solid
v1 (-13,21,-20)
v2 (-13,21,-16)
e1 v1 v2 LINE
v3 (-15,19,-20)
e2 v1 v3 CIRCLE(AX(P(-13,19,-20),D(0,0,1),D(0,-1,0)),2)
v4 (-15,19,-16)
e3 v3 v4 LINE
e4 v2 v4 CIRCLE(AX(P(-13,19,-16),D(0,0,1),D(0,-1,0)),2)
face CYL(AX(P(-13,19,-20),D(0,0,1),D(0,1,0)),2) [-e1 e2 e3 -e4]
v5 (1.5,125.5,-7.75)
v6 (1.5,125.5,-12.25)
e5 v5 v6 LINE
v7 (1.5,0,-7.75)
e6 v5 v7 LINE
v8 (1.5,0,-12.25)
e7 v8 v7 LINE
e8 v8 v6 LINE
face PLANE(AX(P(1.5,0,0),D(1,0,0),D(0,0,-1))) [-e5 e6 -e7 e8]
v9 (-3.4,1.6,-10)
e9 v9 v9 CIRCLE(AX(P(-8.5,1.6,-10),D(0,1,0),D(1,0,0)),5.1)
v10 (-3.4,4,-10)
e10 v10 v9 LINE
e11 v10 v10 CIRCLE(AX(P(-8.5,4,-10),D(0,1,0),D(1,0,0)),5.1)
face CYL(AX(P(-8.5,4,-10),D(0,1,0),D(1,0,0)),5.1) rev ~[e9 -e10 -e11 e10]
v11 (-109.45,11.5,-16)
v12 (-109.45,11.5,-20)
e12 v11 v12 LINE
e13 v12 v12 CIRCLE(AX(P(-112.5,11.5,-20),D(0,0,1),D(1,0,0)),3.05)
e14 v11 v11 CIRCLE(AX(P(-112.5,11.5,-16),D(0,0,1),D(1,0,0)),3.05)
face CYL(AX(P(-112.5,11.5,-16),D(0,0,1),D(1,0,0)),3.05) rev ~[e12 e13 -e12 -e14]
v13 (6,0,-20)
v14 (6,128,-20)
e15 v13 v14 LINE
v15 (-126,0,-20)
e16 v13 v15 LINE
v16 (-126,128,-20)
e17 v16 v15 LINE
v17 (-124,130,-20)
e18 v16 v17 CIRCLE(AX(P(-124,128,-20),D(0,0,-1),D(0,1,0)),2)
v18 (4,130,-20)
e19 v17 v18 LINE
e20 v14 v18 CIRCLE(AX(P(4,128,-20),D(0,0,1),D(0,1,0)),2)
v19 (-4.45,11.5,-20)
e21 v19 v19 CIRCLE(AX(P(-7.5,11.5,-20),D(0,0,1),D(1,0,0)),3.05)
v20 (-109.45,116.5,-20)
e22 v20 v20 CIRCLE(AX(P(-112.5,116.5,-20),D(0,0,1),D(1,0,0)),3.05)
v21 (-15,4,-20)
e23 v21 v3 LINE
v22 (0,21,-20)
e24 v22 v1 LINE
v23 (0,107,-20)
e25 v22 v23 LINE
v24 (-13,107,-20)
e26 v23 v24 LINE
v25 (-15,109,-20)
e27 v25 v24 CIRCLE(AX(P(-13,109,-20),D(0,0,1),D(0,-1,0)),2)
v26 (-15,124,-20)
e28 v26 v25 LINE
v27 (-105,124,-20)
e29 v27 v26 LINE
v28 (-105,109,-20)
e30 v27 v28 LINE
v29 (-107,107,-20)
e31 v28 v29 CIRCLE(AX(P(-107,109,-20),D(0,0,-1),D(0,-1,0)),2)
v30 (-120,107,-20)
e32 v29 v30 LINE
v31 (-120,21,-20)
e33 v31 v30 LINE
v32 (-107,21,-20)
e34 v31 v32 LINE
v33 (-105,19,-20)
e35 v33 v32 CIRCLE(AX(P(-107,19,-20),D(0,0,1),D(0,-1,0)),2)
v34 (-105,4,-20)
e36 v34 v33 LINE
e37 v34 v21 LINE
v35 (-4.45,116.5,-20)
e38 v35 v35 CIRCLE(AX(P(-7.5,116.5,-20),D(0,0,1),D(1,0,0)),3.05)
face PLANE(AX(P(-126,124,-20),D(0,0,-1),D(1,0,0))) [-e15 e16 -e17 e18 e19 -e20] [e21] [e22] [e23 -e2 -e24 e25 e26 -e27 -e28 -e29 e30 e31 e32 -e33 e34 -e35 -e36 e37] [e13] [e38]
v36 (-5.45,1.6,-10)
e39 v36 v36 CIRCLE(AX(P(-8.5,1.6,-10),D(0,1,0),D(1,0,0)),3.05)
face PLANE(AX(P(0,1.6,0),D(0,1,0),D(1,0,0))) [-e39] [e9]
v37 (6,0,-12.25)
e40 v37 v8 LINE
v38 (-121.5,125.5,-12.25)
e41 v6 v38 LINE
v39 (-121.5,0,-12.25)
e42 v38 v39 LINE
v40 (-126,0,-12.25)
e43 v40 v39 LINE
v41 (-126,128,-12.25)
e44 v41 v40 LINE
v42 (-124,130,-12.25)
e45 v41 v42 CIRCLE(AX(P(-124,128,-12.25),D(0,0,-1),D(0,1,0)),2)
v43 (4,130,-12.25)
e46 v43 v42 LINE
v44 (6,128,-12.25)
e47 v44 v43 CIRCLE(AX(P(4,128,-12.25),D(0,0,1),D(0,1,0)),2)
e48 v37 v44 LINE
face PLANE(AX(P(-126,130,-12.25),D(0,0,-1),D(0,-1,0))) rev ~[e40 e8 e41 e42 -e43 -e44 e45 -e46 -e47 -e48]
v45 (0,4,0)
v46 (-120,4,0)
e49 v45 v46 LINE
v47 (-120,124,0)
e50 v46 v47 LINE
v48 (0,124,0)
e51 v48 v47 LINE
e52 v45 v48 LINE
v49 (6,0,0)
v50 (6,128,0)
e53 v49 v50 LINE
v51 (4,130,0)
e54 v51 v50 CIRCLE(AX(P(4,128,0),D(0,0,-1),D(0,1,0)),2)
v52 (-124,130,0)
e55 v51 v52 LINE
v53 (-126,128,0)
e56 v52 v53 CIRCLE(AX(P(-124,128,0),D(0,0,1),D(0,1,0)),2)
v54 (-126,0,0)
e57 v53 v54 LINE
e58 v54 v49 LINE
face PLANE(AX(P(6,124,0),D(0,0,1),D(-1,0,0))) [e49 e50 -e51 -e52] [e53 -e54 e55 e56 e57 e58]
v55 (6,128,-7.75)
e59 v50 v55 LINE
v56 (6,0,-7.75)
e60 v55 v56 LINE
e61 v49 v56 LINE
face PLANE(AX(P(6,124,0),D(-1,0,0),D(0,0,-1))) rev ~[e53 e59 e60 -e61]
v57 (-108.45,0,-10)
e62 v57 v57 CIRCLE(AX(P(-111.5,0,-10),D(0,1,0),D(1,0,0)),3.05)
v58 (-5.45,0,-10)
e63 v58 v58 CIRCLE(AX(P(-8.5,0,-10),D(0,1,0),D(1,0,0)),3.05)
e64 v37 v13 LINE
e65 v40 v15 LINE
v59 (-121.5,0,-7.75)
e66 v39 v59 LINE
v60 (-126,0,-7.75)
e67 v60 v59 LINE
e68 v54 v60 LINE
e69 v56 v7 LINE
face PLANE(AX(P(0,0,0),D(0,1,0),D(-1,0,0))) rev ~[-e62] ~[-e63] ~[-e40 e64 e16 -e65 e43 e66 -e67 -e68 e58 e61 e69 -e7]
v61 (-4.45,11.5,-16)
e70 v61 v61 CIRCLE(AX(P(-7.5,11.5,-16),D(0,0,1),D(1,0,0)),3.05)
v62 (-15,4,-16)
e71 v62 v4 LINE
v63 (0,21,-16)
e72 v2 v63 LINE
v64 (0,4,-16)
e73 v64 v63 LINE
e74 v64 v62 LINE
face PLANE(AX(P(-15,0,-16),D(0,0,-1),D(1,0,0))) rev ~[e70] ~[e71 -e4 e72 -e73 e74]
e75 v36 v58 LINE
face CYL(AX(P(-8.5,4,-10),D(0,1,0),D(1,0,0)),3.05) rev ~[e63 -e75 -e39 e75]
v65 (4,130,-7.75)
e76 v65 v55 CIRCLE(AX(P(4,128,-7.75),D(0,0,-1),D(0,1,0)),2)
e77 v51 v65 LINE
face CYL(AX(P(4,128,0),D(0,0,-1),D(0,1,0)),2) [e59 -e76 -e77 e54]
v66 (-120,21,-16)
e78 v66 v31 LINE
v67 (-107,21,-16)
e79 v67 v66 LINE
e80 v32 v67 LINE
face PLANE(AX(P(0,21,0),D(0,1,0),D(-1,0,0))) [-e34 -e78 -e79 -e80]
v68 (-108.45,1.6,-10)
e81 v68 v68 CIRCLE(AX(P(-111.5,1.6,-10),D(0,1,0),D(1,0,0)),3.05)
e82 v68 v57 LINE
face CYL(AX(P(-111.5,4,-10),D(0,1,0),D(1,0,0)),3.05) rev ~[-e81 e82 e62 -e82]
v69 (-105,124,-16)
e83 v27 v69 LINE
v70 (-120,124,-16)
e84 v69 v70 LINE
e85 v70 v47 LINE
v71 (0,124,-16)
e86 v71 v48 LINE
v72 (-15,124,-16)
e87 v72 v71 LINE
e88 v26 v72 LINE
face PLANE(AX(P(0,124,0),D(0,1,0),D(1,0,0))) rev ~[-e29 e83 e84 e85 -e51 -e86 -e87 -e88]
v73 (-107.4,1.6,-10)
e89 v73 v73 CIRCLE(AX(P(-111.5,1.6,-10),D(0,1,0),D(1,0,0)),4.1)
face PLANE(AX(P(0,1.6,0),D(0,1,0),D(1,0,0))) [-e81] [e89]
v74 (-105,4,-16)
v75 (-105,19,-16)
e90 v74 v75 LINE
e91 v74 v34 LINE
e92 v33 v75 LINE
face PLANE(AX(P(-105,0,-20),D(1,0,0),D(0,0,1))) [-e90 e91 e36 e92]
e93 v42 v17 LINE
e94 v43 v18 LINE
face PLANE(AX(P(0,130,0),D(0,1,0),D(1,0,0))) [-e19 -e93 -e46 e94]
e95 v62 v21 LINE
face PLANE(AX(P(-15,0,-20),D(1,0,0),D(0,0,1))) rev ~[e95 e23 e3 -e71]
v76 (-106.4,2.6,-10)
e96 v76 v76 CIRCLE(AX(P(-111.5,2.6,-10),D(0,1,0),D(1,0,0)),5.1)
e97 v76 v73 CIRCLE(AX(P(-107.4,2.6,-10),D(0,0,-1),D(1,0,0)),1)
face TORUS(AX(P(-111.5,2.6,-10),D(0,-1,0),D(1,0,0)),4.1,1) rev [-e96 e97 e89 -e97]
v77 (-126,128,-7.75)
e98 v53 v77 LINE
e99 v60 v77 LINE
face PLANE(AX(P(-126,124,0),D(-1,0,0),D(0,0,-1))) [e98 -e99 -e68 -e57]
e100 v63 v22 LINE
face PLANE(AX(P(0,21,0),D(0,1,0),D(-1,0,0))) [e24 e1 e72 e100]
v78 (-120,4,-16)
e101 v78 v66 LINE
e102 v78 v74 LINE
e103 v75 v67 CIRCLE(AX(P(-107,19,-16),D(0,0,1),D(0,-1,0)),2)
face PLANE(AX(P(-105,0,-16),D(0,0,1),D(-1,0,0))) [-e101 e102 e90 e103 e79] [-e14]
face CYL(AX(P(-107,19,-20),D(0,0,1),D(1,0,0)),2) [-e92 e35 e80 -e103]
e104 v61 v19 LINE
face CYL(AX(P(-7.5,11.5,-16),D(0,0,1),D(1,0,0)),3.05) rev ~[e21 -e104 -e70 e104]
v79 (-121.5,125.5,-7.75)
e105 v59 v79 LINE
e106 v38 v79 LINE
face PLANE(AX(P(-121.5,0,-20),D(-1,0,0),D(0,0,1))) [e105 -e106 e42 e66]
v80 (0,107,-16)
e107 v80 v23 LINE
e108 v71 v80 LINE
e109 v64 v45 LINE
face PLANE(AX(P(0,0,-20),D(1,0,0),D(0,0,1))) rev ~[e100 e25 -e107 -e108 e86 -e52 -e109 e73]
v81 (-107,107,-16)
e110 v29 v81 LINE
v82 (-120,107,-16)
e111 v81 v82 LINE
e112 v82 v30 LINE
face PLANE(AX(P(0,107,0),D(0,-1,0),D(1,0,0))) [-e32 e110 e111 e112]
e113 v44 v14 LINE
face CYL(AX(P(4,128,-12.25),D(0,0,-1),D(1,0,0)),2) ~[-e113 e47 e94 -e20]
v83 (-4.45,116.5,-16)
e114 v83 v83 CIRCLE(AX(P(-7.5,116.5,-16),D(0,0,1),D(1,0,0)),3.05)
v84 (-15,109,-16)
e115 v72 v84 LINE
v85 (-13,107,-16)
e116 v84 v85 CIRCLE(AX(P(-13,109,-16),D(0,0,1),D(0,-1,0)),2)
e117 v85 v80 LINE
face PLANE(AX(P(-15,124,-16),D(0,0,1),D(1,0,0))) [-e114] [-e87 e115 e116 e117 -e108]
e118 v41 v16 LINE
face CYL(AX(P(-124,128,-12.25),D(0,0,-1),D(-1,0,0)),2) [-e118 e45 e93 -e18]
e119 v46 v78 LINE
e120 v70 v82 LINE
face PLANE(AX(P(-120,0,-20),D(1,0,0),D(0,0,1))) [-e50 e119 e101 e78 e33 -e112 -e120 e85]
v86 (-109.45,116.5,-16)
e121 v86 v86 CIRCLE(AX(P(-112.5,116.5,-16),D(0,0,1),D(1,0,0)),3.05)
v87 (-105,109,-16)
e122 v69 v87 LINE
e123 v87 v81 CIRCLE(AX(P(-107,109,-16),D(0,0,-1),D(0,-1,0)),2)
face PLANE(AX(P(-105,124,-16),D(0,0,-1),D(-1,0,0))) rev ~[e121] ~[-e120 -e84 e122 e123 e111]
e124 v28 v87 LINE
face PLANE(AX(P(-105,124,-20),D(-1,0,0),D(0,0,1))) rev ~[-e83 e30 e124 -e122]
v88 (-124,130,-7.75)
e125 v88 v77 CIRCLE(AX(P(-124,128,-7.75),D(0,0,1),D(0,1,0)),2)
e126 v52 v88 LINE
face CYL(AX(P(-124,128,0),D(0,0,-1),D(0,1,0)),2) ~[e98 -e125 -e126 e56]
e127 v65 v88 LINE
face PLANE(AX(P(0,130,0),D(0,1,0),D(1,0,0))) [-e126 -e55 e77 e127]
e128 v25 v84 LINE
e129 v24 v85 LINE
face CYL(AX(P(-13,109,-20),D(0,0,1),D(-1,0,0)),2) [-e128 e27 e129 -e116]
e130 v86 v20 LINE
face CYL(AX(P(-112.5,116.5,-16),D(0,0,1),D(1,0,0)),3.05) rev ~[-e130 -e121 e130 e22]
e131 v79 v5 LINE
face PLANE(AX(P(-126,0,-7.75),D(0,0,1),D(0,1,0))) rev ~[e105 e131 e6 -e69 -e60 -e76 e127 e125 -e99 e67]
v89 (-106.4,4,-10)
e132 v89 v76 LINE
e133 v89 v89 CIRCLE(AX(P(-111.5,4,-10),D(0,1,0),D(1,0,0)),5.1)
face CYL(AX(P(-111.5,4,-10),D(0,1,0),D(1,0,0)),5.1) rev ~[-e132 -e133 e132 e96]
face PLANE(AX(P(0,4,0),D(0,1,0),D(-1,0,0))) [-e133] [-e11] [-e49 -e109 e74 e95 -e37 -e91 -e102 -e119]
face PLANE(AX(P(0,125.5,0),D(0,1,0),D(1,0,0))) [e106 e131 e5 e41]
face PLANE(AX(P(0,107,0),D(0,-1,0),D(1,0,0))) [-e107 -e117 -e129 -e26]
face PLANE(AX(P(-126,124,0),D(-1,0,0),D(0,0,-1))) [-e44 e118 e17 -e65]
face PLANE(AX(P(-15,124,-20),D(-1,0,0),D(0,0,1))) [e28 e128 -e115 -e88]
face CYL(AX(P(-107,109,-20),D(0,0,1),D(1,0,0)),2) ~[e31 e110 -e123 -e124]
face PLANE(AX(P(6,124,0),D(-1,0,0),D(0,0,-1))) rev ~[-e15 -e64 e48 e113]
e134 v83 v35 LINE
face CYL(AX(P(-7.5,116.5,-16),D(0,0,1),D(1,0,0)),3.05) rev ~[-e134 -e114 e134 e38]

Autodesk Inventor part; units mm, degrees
ref_plane "YZ Plane" through (0, 0, 0) normal (1, 0, 0) x (0, 1, 0)
ref_plane "XZ Plane" through (0, 0, 0) normal (0, 1, 0) x (-1, 0, 0)
ref_plane "XY Plane" through (0, 0, 0) normal (0, 0, 1) x (1, 0, 0)
sketch "Эскиз1" plane through (0, 0, 0) normal (0, 1, 0) x (-1, 0, 0)
  line L0 (0, 0) -> (120, 0)
  line L1 (120, 0) -> (120, -20)
  line L2 (120, -20) -> (0, -20)
  line L3 (0, -20) -> (0, 0)
  dimension "d0" = 20
  dimension "d1" = 120
sketch "Эскиз2" plane through (0, 0, 0) normal (0, 1, 0) x (-1, 0, 0)
  line L0 (0, -20) -> (15, -20)
  line L1 (15, -20) -> (15, -16)
  line L2 (15, -16) -> (0, -16)
  line L3 (0, -16) -> (0, -20)
  line L4 (120, -20) -> (105, -20)
  line L5 (105, -20) -> (105, -16)
  line L6 (105, -16) -> (120, -16)
  line L7 (120, -16) -> (120, -20)
  point P0 (0, 0)
  dimension "d2" = 15
  dimension "d3" = 4
  dimension "d39" = 15
  dimension "d40" = 90
  dimension "d41" = 16
  dimension "d42" = 4
  dimension "d43" = 15
  dimension "d44" = 16
extrude "Выдавливание1" add sketch "Эскиз1" along normal blind 4
sketch "Эскиз3" plane through (0, 4, 0) normal (0, 1, 0) x (1, 0, 0)
  circle A0 centre (-111.5, 10) radius 3.05
  line L0 (-120, 0) -> (0, 0) projected
  line L1 (-120, 20) -> (-120, 0) projected
  circle A1 centre (-8.5, 10) radius 3.05
  line L2 (0, 0) -> (0, 20) projected
  point P0 (0, 16)
  dimension "d9" = 6.1
  dimension "d14" = 10
  dimension "d27" = 8.5
  dimension "d28" = 6.1
  dimension "d29" = 8.5
  dimension "d30" = 10
sketch "Эскиз4" plane through (0, 4, 0) normal (0, 1, 0) x (1, 0, 0)
  circle A0 centre (-8.5, 10) radius 5.1
  line L0 (-120, 0) -> (0, 0) projected
  line L1 (0, 0) -> (0, 20) projected
  circle A1 centre (-111.5, 10) radius 5.1
  line L2 (-120, 20) -> (-120, 0) projected
  point P0 (0, 16)
  dimension "d11" = 10.2
  dimension "d12" = 10
  dimension "d33" = 8.5
  dimension "d34" = 10.2
  dimension "d35" = 8.5
  dimension "d36" = 10
extrude "Выдавливание6" cut sketch "Эскиз3" against normal blind 10
extrude "Выдавливание7" cut sketch "Эскиз4" against normal blind 2.4
extrude "Выдавливание8" add sketch "Эскиз2" along normal blind 21
sketch "Эскиз6" plane through (-120, 4, -16) normal (0, 0, 1) x (1, 0, 0)
  circle A0 centre (7.5, 7.5) radius 3.05
  circle A1 centre (112.5, 7.5) radius 3.05
  line L0 (0, 0) -> (120, 0) projected
  line L1 (0, 0) -> (0, 17) projected
  line L2 (105, 0) -> (105, 17) projected
  line L3 (120, 0) -> (120, 17) projected
  point P0 (120, -4)
  point P1 (0, 15)
  point P2 (105, 15)
  point P3 (120, 15)
  dimension "d48" = 6.1
  dimension "d49" = 6.1
  dimension "d50" = 7.5
  dimension "d51" = 7.5
  dimension "d53" = 7.5
  dimension "d66" = 7.5
sketch "Эскиз7" plane through (-17, 4, -20) normal (0, 0, 1) x (1, 0, 0)
  circle A0 centre (9.5, 7.5) radius 5.1
  circle A1 centre (-95.5, 7.5) radius 5.1
  line L0 (-103, 0) -> (17, 0) projected
  line L1 (-88, 0) -> (-88, 17) projected
  line L2 (17, 0) -> (17, 17) projected
  line L3 (-103, -4) -> (-103, 17) projected
  point P0 (17, -4)
  point P1 (-88, 15)
  point P2 (17, 15)
  point P3 (-103, 15)
  dimension "d54" = 10.2
  dimension "d55" = 10.2
  dimension "d56" = 7.5
  dimension "d58" = 7.5
  dimension "d59" = 7.5
  dimension "d67" = 7.5
extrude "Выдавливание9" cut sketch "Эскиз6" against normal blind 21
fillet "Сопряжение4" radius 1 1 edges at (-116.6, 1.6, -10)
sketch "Эскиз8" plane through (-120, 0, 0) normal (0, 0, 1) x (1, 0, 0)
  point P0 (120, 0)
sketch "Эскиз9" plane through (0, 0, 0) normal (0, -1, 0) x (1, 0, 0)
  line L0 (-120, 0) -> (0, 0) projected
  line L1 (0, 0) -> (6, 0)
  line L2 (6, 0) -> (6, -20)
  line L3 (6, -20) -> (0, -20)
  line L4 (0, -20) -> (0, 0)
  line L5 (-120, 0) -> (-126, 0)
  line L6 (-126, 0) -> (-126, -20)
  line L7 (-126, -20) -> (-120, -20)
  line L8 (-120, -20) -> (-120, 0)
  dimension "d68" = 6
  dimension "d69" = 6
  dimension "d70" = 20
  dimension "d71" = 120
  dimension "d72" = 20
extrude "Выдавливание11" add sketch "Эскиз9" against normal blind 124
sketch "Эскиз10" plane through (0, 124, 0) normal (0, 1, 0) x (1, 0, 0)
  line L0 (6, 0) -> (6, 20) projected
  line L1 (-126, 20) -> (6, 20) projected
  line L2 (6, 0) -> (-126, 0)
  line L3 (-126, 0) -> (-126, 20)
  line L4 (-126, 20) -> (6, 20)
  line L5 (6, 20) -> (6, 0)
  point P0 (0, 0)
extrude "Выдавливание12" add sketch "Эскиз10" along normal blind 6
sketch "Эскиз11" plane through (-126, 0, -20) normal (-1, 0, 0) x (0, 0, 1)
  line L0 (0, 0) -> (20, 0) projected
  line L1 (0, 130) -> (20, 130) projected
  line L2 (7.75, 0) -> (12.25, 0)
  line L3 (12.25, 0) -> (12.25, 130)
  line L4 (12.25, 130) -> (7.75, 130)
  line L5 (7.75, 130) -> (7.75, 0)
  line L6 (20, 0) -> (20, 130) projected
  dimension "d77" = 4.5
  dimension "d78" = 7.75
sketch "Эскиз12" plane through (6, 0, 0) normal (1, 0, 0) x (0, 0, -1)
  line L0 (20, 0) -> (0, 0) projected
  line L1 (20, 130) -> (0, 130) projected
  line L2 (7.75, 0) -> (12.25, 0)
  line L3 (12.25, 0) -> (12.25, 130)
  line L4 (12.25, 130) -> (7.75, 130)
  line L5 (7.75, 130) -> (7.75, 0)
  line L6 (20, 0) -> (20, 130) projected
  dimension "d79" = 4.5
  dimension "d80" = 7.75
extrude "Выдавливание13" cut sketch "Эскиз11" against normal blind 4.5 contours L5 L1 L3 L0
extrude "Выдавливание14" cut sketch "Эскиз12" against normal blind 4.5 contours L0 L5 L1 L3
sketch "Эскиз13" plane through (0, 130, 0) normal (0, 1, 0) x (1, 0, 0)
  line L0 (-121.5, 12.25) -> (-121.5, 7.75) projected
  line L1 (1.5, 7.75) -> (1.5, 12.25) projected
  line L2 (-121.5, 7.75) -> (1.5, 7.75)
  line L3 (1.5, 7.75) -> (1.5, 12.25)
  line L4 (1.5, 12.25) -> (-121.5, 12.25)
  line L5 (-121.5, 12.25) -> (-121.5, 7.75)
  point P0 (0, 0)
extrude "Выдавливание15" cut sketch "Эскиз13" against normal blind 4.5
sketch "Эскиз15" plane through (0, 124, 0) normal (0, -1, 0) x (1, 0, 0)
  line L0 (0, -20) -> (-120, -20) projected
  line L1 (-120, -20) -> (-105, -20)
  line L2 (-105, -20) -> (-105, -16)
  line L3 (-105, -16) -> (-120, -16)
  line L4 (-120, -16) -> (-120, -20)
  line L5 (0, -20) -> (-15, -20)
  line L6 (-15, -20) -> (-15, -16)
  line L7 (-15, -16) -> (0, -16)
  line L8 (0, -16) -> (0, -20)
  point P0 (0, 0)
  dimension "d87" = 15
  dimension "d88" = 4
  dimension "d89" = 15
  dimension "d90" = 4
extrude "Выдавливание16" add sketch "Эскиз15" along normal blind 17
sketch "Эскиз16" plane through (-120, 124, -16) normal (0, 0, 1) x (1, 0, 0)
  circle A0 centre (7.5, -7.5) radius 3.05
  circle A1 centre (112.5, -7.5) radius 3.05
  line L0 (0, -17) -> (0, 0) projected
  line L1 (0, 0) -> (15, 0) projected
  line L2 (105, 0) -> (120, 0) projected
  line L3 (120, 0) -> (120, -17) projected
  point P0 (120, -124)
  dimension "d93" = 6.1
  dimension "d94" = 6.1
  dimension "d95" = 7.5
  dimension "d96" = 7.5
  dimension "d97" = 7.5
  dimension "d98" = 7.5
extrude "Выдавливание17" cut sketch "Эскиз16" against normal blind 17
sketch "Эскиз17" plane through (6, 0, -20) normal (0, 0, -1) x (-1, 0, 0)
  circle A0 centre (13.5, 116.5) radius 5.1
  circle A1 centre (118.5, 116.5) radius 3.05 projected
  circle A2 centre (118.5, 116.5) radius 5.1
  line L0 (21, 124) -> (21, 107) projected
  line L1 (21, 124) -> (111, 124) projected
  line L2 (111, 124) -> (111, 107) projected
  point P0 (6, 0)
  dimension "d101" = 10.2
  dimension "d102" = 10.2
  dimension "d103" = 7.5
  dimension "d104" = 7.5
  dimension "d105" = 7.5
  dimension "d106" = 7.5
fillet "Сопряжение9" radius 2 8 edges at (-105, 107, -18) (-105, 21, -18) (-15, 107, -18) (-15, 21, -18) (6, 130, -3.875) (6, 130, -16.125) (-126, 130, -3.875) (-126, 130, -16.125)
properties part number "КрепежКулера"
